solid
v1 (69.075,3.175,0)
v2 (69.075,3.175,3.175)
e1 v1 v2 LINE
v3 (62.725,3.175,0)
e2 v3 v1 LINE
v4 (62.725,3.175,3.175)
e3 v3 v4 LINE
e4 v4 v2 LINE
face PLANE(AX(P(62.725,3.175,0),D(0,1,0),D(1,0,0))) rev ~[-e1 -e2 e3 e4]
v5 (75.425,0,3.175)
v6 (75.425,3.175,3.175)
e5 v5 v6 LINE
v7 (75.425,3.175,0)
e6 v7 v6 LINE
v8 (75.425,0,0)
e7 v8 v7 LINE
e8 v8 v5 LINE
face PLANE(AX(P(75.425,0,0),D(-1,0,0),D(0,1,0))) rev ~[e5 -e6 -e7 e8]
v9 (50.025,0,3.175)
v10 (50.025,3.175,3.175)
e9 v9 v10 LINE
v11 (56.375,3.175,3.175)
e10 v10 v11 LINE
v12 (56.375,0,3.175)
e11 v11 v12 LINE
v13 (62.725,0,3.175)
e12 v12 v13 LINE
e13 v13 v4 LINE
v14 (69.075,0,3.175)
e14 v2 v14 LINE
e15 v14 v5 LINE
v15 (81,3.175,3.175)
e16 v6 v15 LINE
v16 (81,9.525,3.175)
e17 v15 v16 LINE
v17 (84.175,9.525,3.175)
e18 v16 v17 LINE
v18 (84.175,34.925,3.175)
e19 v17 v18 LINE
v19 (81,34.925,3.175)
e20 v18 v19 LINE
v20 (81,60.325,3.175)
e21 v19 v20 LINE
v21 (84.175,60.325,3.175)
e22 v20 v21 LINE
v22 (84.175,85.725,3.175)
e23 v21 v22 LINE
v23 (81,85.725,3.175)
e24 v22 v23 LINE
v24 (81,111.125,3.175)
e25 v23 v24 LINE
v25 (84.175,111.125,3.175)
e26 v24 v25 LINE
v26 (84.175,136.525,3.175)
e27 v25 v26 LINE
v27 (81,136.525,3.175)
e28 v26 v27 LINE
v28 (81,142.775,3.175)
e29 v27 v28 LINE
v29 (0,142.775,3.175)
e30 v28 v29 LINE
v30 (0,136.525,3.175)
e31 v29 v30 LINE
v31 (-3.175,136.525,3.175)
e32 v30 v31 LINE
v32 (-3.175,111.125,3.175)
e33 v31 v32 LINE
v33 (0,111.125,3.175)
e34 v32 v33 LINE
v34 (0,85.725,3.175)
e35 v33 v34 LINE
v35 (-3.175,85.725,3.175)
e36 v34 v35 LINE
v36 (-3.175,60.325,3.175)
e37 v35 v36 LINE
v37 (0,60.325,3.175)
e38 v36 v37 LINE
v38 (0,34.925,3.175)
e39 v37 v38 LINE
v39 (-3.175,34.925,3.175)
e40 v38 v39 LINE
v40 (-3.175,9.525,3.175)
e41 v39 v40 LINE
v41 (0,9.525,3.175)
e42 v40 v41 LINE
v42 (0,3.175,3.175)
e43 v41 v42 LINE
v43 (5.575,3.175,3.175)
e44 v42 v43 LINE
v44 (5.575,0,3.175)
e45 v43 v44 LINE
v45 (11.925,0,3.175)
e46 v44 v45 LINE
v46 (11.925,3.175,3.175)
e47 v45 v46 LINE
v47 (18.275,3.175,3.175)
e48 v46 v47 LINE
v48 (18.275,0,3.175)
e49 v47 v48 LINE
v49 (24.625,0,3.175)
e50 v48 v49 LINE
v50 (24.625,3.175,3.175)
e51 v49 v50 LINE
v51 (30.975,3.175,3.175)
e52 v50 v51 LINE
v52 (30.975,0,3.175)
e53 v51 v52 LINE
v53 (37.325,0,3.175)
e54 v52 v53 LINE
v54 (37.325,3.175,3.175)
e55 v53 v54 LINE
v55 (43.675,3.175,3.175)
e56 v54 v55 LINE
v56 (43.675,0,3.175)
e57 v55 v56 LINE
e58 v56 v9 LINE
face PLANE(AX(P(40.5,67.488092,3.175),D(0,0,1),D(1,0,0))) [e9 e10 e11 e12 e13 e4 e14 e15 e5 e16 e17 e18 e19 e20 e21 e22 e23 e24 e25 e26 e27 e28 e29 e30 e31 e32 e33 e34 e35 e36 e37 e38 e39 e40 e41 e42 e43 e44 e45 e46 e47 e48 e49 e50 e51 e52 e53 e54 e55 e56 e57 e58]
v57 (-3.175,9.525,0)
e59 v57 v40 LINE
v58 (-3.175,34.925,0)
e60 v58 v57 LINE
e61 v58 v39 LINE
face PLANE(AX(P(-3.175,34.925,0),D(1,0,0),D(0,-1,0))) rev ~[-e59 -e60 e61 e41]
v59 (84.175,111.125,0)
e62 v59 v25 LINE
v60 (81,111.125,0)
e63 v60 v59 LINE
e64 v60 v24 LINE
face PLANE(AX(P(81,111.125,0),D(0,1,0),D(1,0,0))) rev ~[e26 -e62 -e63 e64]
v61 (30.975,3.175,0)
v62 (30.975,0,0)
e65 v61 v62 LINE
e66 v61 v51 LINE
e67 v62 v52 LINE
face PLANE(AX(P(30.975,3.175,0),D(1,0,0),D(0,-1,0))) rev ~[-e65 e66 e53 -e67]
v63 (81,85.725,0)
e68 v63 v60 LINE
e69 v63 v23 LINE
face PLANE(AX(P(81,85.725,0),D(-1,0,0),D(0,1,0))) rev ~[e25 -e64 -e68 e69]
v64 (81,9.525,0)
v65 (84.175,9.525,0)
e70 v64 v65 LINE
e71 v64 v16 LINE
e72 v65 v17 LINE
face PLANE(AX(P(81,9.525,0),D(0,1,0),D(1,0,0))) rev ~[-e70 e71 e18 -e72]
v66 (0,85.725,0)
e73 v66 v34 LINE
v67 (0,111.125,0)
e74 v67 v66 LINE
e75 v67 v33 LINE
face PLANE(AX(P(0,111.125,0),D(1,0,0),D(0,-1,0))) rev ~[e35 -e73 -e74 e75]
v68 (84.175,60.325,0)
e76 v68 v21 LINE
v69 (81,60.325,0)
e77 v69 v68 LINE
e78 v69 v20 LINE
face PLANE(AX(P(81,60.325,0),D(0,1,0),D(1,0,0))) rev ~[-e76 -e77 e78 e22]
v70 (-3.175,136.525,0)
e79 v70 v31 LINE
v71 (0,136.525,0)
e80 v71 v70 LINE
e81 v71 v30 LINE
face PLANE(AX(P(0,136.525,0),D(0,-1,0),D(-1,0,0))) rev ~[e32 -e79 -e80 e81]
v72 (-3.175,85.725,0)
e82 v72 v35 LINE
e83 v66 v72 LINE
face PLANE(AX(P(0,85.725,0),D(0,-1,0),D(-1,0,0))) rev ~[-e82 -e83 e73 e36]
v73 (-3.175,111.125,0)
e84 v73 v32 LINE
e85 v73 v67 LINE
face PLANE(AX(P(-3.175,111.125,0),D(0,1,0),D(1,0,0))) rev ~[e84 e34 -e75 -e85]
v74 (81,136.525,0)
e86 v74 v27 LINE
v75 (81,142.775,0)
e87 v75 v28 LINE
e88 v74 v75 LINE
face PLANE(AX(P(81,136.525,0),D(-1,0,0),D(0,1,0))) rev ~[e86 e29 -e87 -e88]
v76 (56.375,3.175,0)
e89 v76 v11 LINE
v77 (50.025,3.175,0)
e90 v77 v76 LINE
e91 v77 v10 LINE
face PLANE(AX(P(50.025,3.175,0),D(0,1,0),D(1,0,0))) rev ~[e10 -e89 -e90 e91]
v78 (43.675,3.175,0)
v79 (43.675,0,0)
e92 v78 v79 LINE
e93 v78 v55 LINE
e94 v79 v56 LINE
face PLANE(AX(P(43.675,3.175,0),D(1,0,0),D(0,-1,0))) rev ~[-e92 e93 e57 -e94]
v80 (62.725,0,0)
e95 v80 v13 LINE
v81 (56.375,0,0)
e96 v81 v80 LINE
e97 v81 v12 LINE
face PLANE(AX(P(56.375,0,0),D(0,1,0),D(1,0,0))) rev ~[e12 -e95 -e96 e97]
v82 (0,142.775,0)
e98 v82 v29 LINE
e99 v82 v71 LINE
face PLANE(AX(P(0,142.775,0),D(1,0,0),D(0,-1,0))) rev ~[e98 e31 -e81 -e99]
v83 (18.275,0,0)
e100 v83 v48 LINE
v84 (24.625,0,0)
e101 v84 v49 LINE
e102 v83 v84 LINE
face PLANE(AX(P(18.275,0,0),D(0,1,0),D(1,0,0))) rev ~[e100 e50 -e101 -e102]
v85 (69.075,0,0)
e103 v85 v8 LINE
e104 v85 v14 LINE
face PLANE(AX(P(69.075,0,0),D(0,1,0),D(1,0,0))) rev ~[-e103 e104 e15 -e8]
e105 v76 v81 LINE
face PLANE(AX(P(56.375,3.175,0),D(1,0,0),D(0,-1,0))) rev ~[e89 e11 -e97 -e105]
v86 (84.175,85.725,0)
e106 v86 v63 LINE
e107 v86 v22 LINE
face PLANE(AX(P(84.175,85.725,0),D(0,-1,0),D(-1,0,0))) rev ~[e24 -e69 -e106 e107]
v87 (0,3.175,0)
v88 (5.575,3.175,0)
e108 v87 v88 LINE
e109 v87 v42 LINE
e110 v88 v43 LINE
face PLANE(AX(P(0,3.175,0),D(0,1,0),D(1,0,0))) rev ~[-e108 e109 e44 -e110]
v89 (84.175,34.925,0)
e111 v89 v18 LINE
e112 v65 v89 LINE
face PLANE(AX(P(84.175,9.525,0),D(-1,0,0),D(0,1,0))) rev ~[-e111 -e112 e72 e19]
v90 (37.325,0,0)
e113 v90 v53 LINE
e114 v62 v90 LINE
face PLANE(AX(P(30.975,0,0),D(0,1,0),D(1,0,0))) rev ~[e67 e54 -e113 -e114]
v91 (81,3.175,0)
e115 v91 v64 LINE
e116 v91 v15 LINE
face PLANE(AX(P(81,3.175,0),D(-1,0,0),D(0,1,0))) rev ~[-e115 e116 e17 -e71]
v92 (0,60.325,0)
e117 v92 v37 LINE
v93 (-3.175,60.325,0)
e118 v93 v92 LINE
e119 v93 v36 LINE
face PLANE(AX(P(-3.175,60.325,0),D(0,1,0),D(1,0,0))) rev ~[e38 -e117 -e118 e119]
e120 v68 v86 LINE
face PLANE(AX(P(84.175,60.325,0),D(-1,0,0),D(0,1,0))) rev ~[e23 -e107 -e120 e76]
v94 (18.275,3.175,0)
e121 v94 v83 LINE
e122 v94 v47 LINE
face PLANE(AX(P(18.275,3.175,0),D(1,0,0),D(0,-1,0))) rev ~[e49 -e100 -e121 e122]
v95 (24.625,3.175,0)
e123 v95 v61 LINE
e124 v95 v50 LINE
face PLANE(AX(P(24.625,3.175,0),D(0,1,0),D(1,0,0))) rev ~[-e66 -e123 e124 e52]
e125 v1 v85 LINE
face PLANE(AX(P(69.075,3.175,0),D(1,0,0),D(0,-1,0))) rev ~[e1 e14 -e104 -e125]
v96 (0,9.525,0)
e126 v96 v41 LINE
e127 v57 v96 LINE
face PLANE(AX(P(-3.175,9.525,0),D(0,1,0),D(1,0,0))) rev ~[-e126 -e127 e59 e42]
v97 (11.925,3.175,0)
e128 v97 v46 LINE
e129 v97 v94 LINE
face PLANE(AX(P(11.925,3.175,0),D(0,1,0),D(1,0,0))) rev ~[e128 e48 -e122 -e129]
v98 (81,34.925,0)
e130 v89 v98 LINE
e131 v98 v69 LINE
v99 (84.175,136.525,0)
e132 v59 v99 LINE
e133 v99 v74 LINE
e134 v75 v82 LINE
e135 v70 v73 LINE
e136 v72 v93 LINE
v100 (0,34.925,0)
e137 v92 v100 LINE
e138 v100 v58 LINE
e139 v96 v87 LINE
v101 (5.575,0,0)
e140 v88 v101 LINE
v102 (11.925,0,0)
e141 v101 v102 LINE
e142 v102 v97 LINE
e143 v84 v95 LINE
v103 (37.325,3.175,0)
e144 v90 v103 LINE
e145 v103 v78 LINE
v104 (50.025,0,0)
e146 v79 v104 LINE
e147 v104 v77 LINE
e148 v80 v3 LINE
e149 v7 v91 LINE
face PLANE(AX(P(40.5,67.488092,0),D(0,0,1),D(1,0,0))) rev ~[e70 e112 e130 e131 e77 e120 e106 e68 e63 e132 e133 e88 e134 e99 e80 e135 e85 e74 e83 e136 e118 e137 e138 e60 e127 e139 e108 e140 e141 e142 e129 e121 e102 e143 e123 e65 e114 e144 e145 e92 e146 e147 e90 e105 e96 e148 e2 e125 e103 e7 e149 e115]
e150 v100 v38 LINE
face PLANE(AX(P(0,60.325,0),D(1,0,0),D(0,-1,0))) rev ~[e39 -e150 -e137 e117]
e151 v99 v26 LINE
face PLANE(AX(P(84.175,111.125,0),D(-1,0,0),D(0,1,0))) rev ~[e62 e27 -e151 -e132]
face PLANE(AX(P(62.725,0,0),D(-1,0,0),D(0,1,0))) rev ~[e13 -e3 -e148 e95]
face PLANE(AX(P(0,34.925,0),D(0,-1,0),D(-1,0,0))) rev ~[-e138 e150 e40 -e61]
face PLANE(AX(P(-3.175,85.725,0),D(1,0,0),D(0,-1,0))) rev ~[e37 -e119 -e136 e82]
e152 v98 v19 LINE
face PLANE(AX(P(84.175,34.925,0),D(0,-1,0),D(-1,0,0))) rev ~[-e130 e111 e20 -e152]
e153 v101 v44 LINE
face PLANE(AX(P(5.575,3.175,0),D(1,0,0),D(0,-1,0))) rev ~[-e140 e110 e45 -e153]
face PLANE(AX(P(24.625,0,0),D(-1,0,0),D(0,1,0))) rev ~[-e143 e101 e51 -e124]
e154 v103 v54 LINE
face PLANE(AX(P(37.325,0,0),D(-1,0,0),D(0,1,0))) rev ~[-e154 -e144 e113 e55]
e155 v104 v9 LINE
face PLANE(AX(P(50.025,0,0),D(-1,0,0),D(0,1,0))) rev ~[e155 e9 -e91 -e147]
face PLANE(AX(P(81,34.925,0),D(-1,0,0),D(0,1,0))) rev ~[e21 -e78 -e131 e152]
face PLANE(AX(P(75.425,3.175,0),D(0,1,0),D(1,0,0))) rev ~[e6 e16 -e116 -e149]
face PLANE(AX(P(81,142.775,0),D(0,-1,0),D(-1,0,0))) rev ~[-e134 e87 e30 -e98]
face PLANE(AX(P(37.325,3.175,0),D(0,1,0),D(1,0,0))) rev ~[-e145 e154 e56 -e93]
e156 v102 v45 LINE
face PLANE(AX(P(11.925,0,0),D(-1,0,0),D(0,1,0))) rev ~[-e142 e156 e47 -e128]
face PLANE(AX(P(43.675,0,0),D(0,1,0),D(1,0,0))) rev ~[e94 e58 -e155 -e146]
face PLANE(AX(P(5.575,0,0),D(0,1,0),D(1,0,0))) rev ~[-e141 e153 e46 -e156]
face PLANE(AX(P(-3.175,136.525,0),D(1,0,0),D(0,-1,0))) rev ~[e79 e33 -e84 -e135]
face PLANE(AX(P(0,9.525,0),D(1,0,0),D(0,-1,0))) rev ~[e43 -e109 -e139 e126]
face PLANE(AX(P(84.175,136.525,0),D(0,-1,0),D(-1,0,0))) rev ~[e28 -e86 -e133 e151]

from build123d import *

# Parameters (mm, degrees)
BOSS_EXTRUDE1_DEPTH = 3.175


with BuildPart() as part:
    # Sketch1 → Boss-Extrude1 (new body)
    with BuildSketch(Plane.XY):
        Polygon((0, 3.175), (5.575, 3.175), (5.575, 0), (11.925, 0), (11.925, 3.175), (18.275, 3.175), (18.275, 0), (24.625, 0), (24.625, 3.175), (30.975, 3.175), (30.975, 0), (37.325, 0), (37.325, 3.175), (43.675, 3.175), (43.675, 0), (50.025, 0), (50.025, 3.175), (56.375, 3.175), (56.375, 0), (62.725, 0), (62.725, 3.175), (69.075, 3.175), (69.075, 0), (75.425, 0), (75.425, 3.175), (81, 3.175), (81, 9.525), (84.175, 9.525), (84.175, 34.925), (81, 34.925), (81, 60.325), (84.175, 60.325), (84.175, 85.725), (81, 85.725), (81, 111.125), (84.175, 111.125), (84.175, 136.525), (81, 136.525), (81, 142.774999946), (0, 142.774999946), (0, 136.525), (-3.175, 136.525), (-3.175, 111.125), (0, 111.125), (0, 85.725), (-3.175, 85.725), (-3.175, 60.325), (0, 60.325), (0, 34.925), (-3.175, 34.925), (-3.175, 9.525), (0, 9.525), align=None)
    extrude(amount=BOSS_EXTRUDE1_DEPTH)


solid = part.part
